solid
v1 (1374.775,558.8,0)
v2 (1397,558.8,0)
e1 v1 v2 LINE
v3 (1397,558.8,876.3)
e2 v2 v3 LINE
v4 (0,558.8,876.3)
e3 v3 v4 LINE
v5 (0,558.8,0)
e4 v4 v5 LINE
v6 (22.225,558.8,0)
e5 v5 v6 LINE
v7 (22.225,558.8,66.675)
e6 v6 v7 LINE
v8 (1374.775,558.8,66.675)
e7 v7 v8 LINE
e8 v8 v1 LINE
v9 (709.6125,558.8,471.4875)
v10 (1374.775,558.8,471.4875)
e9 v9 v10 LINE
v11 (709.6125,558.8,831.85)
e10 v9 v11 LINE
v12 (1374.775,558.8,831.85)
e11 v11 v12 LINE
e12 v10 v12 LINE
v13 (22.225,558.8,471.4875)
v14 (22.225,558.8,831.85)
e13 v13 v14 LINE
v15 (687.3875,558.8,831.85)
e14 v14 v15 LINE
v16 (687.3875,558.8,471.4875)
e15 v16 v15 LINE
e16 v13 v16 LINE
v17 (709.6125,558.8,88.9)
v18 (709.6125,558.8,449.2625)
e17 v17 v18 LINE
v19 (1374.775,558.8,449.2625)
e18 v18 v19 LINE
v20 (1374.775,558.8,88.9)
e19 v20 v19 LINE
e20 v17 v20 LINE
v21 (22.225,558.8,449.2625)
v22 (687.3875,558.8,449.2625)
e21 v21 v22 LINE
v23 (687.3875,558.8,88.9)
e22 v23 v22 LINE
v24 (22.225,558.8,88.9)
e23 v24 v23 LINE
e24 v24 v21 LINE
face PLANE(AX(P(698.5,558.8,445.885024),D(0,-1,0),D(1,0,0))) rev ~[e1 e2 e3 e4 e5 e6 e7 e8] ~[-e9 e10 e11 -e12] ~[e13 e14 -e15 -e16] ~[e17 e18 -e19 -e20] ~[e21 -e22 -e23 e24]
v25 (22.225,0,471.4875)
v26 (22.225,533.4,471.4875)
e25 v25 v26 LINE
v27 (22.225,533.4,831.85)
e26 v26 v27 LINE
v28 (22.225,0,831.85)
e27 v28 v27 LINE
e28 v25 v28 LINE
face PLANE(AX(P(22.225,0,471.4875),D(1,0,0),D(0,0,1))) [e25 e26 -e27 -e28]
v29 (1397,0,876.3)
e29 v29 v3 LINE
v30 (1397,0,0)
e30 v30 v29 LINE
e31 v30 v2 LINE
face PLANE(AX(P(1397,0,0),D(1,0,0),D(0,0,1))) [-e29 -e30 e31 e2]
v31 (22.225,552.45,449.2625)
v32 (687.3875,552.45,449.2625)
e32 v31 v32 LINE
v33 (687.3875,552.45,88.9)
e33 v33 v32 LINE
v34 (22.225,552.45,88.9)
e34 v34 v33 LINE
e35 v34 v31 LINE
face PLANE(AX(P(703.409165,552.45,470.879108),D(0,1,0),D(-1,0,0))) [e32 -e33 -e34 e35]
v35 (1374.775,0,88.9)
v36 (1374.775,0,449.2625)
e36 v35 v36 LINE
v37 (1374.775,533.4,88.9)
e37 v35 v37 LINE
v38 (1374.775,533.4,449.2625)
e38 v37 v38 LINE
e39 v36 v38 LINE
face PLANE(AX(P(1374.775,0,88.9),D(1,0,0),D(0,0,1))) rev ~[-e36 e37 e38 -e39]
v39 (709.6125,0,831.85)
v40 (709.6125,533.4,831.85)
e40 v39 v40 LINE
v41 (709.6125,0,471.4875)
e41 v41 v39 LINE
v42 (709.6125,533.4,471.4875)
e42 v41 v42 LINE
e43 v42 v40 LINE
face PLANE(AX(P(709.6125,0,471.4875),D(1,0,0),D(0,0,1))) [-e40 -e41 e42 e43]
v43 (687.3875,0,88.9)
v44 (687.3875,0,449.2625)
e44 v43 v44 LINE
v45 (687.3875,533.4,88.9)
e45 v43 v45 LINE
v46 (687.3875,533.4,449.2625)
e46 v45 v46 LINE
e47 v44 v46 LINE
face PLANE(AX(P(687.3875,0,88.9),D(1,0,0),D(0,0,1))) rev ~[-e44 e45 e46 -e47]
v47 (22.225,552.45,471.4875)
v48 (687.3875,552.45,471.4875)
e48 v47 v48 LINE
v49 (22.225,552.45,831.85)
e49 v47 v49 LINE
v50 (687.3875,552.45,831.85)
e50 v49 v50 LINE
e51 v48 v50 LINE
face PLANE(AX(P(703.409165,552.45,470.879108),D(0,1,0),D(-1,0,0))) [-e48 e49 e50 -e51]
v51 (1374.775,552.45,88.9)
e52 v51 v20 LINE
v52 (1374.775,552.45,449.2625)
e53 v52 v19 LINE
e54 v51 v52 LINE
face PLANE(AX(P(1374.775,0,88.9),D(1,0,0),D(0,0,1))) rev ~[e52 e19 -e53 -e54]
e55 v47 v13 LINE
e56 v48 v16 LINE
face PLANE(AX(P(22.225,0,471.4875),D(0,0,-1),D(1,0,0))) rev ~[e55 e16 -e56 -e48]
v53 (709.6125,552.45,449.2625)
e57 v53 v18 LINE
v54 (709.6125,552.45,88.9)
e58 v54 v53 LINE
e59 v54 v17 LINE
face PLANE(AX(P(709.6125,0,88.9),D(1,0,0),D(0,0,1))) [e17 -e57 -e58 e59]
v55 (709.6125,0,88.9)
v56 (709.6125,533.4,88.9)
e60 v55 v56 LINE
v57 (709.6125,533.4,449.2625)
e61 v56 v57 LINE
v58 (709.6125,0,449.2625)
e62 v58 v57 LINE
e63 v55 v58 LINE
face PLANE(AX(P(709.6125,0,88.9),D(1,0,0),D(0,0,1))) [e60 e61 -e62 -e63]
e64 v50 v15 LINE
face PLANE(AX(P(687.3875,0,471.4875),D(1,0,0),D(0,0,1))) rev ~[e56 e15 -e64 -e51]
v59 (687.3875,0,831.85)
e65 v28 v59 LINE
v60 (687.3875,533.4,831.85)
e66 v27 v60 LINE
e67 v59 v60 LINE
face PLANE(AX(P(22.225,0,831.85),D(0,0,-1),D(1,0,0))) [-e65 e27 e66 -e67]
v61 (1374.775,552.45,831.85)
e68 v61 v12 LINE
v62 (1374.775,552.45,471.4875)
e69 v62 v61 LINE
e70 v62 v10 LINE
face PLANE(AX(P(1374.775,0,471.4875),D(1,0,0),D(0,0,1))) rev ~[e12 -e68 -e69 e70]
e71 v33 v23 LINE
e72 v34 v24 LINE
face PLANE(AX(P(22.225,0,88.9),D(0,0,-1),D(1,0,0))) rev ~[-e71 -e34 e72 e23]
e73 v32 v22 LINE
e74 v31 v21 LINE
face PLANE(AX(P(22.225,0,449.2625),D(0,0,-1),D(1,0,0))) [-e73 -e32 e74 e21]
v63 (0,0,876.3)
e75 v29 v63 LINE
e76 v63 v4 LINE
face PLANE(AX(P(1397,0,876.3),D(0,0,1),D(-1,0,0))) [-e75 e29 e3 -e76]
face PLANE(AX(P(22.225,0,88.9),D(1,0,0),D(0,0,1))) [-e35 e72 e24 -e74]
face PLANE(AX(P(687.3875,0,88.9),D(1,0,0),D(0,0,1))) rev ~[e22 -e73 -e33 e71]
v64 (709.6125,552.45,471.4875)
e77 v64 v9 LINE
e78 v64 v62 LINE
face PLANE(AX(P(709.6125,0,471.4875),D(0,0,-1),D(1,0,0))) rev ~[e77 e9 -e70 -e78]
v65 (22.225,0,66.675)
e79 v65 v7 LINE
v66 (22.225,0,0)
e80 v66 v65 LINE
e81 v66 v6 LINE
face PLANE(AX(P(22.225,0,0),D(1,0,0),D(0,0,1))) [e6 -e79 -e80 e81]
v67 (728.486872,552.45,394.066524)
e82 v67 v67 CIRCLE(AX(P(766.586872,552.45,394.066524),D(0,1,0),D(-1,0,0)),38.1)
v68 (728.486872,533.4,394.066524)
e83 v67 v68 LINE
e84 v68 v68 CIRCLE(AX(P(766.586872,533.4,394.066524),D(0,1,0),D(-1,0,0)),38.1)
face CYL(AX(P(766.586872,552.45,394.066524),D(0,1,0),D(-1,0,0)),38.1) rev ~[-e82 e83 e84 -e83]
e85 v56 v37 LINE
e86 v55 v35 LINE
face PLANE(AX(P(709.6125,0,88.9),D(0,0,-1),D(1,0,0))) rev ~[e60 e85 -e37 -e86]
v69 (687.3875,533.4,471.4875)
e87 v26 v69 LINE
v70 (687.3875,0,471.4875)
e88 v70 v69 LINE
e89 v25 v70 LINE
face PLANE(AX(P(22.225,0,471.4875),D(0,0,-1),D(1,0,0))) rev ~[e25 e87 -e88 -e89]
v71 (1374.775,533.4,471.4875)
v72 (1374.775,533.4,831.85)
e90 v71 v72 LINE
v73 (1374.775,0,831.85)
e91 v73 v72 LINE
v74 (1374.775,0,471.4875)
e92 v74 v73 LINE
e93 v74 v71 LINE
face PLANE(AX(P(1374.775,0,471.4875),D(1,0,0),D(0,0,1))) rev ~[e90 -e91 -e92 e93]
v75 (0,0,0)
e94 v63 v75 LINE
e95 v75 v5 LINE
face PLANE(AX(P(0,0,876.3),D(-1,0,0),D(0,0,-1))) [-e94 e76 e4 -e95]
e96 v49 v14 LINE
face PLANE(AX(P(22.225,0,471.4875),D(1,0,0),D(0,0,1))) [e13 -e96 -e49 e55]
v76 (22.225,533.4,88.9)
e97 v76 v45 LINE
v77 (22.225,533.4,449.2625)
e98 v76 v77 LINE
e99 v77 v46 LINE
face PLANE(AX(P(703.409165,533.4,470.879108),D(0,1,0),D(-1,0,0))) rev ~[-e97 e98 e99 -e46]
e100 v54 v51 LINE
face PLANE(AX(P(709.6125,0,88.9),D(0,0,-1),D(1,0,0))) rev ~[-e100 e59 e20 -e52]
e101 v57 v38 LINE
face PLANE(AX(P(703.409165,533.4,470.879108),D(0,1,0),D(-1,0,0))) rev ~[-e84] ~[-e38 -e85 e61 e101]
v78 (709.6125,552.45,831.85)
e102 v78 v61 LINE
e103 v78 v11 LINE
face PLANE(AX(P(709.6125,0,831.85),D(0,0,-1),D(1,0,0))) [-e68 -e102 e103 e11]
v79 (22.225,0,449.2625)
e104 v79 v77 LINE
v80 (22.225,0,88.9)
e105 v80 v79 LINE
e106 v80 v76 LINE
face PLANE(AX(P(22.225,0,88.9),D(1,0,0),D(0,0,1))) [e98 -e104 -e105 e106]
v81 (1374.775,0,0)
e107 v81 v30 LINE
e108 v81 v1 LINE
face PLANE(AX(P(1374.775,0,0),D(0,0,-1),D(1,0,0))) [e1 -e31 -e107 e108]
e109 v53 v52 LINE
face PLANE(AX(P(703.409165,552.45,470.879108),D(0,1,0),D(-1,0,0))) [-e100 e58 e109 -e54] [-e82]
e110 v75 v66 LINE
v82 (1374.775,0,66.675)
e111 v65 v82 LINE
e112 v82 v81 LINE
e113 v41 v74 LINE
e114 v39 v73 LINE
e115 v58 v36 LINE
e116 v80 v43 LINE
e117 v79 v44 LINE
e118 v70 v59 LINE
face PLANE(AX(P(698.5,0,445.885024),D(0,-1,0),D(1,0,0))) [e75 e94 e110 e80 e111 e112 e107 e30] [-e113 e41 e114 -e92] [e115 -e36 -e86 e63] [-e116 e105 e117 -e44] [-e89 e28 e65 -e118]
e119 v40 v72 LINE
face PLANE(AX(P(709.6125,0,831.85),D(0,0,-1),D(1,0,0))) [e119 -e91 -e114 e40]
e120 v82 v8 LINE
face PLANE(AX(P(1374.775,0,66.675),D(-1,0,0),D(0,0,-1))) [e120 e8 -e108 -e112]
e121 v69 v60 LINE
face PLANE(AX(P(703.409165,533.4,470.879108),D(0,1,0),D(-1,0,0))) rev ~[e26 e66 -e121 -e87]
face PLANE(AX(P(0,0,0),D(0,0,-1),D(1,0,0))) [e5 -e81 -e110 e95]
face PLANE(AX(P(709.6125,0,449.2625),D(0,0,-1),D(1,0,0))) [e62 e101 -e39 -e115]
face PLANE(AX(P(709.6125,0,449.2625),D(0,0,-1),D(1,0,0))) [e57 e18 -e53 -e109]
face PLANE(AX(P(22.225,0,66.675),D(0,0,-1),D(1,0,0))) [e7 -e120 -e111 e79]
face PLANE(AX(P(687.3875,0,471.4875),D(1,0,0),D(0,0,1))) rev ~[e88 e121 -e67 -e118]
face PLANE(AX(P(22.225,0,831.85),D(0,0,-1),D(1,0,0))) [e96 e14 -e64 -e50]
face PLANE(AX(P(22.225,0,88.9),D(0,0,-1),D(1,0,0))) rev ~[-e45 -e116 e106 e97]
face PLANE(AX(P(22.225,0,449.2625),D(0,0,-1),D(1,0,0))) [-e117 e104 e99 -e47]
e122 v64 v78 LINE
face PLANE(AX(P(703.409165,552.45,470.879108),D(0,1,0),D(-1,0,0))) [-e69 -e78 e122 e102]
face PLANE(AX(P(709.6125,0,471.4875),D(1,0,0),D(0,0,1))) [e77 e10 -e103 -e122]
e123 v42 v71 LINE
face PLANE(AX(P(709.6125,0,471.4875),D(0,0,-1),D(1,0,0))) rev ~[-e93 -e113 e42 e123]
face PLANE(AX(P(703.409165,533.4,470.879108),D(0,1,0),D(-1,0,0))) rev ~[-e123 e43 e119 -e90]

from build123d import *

# Parameters (mm, degrees)
F0_W     = 665.1625
F0_H     = 360.3625
F1_DEPTH = 558.8
F3_W     = 1371.2975630056
F3_H     = 780.9091647143
F3_R     = 38.1
F4_DEPTH = 19.05


with BuildPart() as f1:
    # F0 (on Front) → F1 (new body)
    with BuildSketch(Plane.XZ):
        Polygon((0, 876.3), (0, 0), (22.225, 0), (22.225, 66.675), (1374.775, 66.675), (1374.775, 0), (1397, 0), (1397, 876.3), (1374.775, 876.3), (22.225, 876.3), align=None)
        with Locations((354.80625, 269.08125)):
            Rectangle(F0_W, F0_H, mode=Mode.SUBTRACT)
        with Locations((1042.19375, 269.08125)):
            Rectangle(F0_W, F0_H, mode=Mode.SUBTRACT)
        with Locations((354.80625, 651.66875)):
            Rectangle(F0_W, F0_H, mode=Mode.SUBTRACT)
        with Locations((1042.19375, 651.66875)):
            Rectangle(F0_W, F0_H, mode=Mode.SUBTRACT)
    extrude(amount=-F1_DEPTH)

    # F3 (on offset) → F4 (join)
    with BuildSketch(Plane(origin=(0, 552.45, 0), x_dir=(-1, 0, 0), z_dir=(0, 1, 0))):
        with Locations((-703.409165144, 470.8791077137)):
            Rectangle(F3_W, F3_H)
        with Locations((-766.5868722531, 394.066524032)):
            Circle(F3_R, mode=Mode.SUBTRACT)
    extrude(amount=-F4_DEPTH)


solid = f1.part
